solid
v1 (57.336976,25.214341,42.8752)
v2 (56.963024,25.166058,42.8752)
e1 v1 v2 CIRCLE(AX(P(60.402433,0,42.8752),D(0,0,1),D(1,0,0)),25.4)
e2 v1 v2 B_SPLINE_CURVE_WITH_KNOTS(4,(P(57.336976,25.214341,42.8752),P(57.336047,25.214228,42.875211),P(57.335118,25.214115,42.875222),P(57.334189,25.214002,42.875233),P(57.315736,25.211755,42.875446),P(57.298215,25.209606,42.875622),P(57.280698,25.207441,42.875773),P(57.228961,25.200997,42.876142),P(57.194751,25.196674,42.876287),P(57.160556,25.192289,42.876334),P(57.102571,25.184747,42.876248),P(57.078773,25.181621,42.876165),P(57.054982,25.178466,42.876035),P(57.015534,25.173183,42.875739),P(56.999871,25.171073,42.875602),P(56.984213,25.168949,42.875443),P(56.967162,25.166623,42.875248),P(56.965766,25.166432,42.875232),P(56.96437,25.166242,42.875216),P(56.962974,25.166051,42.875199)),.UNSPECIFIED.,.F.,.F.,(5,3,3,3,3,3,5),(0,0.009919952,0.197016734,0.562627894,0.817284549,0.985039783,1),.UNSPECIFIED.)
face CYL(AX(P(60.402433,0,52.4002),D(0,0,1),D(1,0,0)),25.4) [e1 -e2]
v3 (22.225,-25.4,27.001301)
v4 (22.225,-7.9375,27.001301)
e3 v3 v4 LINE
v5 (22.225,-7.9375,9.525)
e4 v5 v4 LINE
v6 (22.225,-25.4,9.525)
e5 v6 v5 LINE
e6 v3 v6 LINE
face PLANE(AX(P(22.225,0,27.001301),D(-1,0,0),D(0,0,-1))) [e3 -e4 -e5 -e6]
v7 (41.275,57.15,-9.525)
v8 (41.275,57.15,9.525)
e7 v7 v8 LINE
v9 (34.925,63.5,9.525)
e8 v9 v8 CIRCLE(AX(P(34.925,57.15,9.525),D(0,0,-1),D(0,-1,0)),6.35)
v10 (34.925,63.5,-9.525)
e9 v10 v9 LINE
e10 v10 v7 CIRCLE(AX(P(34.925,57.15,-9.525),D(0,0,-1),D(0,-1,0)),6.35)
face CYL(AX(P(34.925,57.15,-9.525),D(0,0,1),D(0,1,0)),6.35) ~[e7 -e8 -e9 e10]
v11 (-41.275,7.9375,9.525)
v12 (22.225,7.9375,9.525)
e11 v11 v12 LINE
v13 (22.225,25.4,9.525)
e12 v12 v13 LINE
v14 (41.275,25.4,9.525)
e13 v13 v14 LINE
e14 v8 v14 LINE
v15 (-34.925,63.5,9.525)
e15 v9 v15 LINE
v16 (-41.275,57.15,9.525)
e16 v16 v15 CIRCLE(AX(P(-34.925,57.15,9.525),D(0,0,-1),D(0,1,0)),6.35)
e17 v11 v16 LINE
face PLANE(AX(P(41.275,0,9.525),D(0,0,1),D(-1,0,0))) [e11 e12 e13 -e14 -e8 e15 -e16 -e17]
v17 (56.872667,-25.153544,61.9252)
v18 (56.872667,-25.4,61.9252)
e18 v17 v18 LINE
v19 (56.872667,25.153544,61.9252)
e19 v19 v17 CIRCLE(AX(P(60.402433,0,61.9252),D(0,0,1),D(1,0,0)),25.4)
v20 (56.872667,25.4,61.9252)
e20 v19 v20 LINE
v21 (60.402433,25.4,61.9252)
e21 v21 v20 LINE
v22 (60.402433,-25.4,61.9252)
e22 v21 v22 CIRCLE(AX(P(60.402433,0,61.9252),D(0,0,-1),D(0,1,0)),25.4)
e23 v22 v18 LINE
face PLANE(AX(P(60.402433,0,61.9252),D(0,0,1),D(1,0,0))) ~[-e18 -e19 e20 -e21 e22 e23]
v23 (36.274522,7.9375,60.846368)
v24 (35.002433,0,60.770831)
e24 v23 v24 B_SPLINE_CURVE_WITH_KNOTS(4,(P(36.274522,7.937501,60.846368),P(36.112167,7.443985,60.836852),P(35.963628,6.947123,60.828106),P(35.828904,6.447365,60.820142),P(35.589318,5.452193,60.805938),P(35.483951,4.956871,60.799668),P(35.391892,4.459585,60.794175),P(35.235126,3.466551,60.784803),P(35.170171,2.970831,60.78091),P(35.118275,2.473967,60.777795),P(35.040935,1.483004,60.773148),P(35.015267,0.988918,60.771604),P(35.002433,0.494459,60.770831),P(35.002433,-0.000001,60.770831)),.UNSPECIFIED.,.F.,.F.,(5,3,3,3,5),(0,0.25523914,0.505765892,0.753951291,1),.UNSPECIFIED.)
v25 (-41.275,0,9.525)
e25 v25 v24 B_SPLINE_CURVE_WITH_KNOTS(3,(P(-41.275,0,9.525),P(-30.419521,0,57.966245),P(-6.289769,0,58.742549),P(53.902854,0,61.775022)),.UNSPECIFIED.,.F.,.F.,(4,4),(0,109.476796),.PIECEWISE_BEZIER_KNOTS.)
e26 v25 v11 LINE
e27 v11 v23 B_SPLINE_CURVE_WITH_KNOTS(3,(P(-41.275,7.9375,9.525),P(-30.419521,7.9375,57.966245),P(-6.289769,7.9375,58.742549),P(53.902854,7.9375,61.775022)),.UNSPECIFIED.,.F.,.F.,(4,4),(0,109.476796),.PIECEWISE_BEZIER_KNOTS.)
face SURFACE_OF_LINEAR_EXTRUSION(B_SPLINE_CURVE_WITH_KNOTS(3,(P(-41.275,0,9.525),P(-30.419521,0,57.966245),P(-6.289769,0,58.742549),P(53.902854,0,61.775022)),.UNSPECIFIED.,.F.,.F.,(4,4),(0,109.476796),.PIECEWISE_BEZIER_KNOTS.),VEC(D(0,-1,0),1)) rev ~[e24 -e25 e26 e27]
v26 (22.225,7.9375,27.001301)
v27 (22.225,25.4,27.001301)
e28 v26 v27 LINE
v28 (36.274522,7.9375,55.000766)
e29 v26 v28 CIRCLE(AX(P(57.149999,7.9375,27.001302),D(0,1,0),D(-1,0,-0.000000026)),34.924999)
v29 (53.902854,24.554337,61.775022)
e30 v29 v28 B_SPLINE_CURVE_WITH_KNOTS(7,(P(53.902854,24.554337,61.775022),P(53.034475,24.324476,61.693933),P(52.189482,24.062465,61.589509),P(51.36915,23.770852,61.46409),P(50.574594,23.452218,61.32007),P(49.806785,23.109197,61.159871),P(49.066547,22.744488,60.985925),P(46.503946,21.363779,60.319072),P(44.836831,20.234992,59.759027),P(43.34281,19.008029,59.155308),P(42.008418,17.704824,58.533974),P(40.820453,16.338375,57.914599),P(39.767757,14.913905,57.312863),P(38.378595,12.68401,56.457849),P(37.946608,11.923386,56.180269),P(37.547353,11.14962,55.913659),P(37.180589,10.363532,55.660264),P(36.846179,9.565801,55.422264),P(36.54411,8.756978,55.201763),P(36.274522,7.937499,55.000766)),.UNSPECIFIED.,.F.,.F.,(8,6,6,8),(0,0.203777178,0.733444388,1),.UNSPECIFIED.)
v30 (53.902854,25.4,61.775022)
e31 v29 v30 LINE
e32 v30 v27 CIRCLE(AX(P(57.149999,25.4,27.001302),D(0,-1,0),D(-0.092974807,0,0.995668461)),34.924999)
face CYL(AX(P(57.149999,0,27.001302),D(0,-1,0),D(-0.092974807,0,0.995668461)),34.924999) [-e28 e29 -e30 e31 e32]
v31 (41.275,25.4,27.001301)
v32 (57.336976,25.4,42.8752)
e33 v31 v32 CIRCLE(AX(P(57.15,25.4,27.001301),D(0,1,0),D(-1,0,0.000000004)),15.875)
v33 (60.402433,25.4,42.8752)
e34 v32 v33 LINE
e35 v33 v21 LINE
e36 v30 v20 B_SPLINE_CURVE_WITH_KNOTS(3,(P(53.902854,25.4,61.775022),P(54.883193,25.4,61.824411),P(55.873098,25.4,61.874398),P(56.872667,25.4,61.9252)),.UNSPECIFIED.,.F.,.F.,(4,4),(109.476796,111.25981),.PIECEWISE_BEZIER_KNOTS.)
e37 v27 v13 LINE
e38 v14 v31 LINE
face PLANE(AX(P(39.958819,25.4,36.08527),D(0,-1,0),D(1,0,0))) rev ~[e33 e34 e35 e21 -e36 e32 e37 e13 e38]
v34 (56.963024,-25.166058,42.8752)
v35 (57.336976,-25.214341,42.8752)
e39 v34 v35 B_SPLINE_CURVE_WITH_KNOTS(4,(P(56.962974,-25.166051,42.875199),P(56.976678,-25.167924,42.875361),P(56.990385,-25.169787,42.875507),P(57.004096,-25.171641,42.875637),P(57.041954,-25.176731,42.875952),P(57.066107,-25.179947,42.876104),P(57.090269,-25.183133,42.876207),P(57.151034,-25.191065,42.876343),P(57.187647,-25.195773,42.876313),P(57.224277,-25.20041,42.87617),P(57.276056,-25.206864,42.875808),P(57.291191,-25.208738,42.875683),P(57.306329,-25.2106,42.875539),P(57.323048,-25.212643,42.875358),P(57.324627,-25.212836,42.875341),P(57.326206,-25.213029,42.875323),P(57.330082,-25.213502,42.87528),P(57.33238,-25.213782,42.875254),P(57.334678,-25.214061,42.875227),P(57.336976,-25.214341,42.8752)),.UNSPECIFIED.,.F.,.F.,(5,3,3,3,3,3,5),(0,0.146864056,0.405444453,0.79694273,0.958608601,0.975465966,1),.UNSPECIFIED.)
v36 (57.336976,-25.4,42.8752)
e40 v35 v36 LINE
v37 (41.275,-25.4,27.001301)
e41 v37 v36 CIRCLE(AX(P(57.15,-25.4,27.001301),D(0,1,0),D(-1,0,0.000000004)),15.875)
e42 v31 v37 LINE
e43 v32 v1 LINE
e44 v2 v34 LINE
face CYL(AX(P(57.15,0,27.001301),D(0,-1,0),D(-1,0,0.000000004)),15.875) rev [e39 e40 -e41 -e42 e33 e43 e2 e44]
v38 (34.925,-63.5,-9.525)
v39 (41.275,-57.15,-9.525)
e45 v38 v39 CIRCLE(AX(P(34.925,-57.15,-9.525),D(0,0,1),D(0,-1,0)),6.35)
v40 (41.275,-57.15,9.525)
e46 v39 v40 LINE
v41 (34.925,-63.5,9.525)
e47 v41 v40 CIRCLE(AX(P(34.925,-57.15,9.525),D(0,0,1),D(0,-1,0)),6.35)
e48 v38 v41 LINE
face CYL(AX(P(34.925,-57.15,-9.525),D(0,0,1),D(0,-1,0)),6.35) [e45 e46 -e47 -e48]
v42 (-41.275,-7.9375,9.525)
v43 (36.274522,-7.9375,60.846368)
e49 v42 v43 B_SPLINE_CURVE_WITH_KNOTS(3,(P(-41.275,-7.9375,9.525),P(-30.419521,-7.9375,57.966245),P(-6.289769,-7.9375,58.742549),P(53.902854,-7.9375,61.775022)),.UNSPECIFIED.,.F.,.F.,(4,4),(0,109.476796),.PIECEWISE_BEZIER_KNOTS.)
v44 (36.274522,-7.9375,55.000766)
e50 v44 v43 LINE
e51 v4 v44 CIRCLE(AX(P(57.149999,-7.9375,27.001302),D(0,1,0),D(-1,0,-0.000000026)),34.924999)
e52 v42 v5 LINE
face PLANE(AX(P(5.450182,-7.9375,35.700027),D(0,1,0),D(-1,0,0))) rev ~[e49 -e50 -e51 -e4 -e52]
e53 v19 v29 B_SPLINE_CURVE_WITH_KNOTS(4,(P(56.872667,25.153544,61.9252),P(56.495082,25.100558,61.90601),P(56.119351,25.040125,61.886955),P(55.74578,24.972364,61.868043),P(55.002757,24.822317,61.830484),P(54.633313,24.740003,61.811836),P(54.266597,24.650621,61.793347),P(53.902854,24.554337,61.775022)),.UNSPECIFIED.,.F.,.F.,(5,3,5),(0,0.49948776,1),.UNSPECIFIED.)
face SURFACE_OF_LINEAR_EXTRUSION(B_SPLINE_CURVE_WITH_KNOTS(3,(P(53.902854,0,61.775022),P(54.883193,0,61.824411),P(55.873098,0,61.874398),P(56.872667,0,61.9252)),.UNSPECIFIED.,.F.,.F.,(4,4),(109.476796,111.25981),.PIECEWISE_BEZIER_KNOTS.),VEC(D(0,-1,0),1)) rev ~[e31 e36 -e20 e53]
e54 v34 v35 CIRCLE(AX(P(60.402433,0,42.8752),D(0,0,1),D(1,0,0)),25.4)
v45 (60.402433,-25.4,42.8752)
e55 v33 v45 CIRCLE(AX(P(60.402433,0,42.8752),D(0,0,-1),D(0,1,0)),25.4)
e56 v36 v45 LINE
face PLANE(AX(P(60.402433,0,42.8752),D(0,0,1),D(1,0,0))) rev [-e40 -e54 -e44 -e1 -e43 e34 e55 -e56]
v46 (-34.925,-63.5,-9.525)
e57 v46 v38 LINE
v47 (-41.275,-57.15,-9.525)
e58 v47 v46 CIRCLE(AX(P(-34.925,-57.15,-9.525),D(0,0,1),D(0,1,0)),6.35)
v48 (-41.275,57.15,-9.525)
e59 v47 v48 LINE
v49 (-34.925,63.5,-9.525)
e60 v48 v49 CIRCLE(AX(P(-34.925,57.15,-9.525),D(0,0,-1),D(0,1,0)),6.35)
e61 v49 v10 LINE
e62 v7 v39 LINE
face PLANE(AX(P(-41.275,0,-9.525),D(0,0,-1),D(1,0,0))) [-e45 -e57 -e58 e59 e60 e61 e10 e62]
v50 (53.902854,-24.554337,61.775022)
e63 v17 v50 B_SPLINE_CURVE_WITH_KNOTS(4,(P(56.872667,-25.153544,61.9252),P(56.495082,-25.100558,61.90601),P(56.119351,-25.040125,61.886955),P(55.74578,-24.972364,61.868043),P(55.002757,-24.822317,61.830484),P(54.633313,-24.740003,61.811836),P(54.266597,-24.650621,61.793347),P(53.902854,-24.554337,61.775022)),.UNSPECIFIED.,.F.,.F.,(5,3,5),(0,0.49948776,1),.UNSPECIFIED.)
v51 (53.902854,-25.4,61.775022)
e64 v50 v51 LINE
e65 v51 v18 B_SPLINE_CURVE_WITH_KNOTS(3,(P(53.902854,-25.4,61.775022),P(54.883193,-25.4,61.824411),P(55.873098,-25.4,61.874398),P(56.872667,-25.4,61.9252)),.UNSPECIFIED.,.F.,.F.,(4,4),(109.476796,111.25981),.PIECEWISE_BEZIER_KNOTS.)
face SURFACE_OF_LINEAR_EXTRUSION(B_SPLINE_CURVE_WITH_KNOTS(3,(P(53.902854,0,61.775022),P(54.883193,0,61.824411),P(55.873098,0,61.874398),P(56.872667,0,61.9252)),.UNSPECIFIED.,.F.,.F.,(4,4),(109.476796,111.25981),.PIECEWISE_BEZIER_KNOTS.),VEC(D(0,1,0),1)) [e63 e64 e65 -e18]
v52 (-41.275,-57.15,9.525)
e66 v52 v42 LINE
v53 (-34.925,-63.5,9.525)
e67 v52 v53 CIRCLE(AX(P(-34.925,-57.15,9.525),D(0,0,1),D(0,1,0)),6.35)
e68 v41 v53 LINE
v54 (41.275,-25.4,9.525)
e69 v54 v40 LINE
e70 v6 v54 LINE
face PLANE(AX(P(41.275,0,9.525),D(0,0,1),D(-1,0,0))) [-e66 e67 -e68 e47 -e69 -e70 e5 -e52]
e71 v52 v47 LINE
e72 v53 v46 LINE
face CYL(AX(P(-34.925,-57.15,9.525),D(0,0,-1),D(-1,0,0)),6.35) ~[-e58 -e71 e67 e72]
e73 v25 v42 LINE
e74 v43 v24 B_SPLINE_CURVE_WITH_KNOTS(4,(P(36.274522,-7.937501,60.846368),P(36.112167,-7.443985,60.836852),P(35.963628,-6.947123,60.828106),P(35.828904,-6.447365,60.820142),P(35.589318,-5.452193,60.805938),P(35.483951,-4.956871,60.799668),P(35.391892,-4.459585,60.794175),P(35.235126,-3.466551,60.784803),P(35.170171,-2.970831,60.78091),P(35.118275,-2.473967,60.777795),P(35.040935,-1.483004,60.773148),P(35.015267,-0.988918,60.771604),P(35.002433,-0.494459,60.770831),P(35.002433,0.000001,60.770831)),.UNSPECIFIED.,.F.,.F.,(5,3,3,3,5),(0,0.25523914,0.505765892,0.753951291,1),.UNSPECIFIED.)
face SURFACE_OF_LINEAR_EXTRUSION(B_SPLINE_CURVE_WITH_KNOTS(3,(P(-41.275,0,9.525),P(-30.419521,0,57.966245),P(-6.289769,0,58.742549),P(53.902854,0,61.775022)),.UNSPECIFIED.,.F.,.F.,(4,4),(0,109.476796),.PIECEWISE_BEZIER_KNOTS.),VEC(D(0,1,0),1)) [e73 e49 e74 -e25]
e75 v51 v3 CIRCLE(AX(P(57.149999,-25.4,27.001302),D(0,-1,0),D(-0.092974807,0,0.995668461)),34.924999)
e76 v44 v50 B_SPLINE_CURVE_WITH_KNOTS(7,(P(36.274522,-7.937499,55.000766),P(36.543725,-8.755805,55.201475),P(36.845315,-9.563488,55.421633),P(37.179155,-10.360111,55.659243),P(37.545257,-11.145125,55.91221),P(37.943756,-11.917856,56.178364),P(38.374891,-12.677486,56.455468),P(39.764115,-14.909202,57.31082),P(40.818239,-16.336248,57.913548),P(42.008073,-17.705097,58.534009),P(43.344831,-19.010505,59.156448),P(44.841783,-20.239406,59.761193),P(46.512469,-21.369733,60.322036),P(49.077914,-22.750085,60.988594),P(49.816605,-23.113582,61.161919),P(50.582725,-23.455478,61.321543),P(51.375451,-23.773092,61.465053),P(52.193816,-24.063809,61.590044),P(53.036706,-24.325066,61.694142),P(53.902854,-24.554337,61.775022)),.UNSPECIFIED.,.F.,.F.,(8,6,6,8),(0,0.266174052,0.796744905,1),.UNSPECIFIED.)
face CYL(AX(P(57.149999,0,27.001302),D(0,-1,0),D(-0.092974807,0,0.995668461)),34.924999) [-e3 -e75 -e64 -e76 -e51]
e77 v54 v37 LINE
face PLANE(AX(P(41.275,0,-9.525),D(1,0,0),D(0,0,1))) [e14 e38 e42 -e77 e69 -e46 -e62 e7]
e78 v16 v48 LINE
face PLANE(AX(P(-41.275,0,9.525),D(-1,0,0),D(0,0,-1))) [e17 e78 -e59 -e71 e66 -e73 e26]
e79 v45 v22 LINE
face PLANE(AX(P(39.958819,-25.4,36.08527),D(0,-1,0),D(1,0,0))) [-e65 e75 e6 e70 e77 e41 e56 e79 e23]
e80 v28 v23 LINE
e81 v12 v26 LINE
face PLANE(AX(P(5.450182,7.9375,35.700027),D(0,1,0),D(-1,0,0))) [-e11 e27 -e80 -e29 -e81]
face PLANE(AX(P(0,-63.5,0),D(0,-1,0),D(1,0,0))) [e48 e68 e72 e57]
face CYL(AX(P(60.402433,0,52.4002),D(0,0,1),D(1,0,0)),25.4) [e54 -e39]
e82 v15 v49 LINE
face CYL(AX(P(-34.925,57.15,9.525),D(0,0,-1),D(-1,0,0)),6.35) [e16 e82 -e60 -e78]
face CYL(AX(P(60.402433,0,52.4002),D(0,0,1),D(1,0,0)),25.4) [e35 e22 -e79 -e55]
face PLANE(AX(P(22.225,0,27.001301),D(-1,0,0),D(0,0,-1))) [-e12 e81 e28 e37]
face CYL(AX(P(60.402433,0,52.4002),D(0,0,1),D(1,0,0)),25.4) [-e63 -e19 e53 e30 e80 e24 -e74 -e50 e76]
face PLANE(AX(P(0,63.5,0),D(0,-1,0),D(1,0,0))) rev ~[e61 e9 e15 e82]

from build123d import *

# Parameters (mm, degrees)
F1_DEPTH = 25.4
F2_DEPTH = 63.5
F3_DEPTH = 7.9375
F0_W     = 25.4
F0_H     = 19.05
F5_R     = 6.35


with BuildPart() as f1:
    # F0 (on Front) → F1 (new body, symmetric)
    with BuildSketch(Plane.XZ):
        with BuildLine():
            Line((22.225, 9.525), (41.275, 9.525))
            Line((41.275, 9.525), (41.275, 27.001301))
            ThreePointArc((41.275, 27.001301), (45.990982, 38.292534), (57.336976, 42.8752))
            Line((57.336976, 42.8752), (60.402433, 42.8752))
            Line((60.402433, 42.8752), (60.402433, 61.9252))
            Line((60.402433, 61.9252), (56.872667, 61.9252))
            add(Edge.make_bspline(
                [(53.902854, 61.775022), (54.883193, 61.824411), (55.873098, 61.874398), (56.872667, 61.9252)],
                knots=[109.476796, 109.476796, 109.476796, 109.476796, 111.25981, 111.25981, 111.25981, 111.25981], degree=3))
            ThreePointArc((53.902854, 61.775022), (31.331768, 50.520964), (22.225, 27.001301))
            Line((22.225, 27.001301), (22.225, 9.525))
        make_face()
    extrude(amount=F1_DEPTH, both=True)

    # F0 (on Front) → F2 (join, symmetric)
    with BuildSketch(Plane.XZ):
        Polygon((-41.275, -9.525), (41.275, -9.525), (41.275, 9.525), (22.225, 9.525), (-41.275, 9.525), align=None)
    extrude(amount=F2_DEPTH, both=True)

    # F0 (on Front) → F3 (join, symmetric)
    with BuildSketch(Plane.XZ):
        with BuildLine():
            add(Edge.make_bspline(
                [(-41.275, 9.525), (-30.419521, 57.966245), (-6.289769, 58.742549), (53.902854, 61.775022)],
                knots=[0, 0, 0, 0, 109.476796, 109.476796, 109.476796, 109.476796], degree=3))
            Line((-41.275, 9.525), (22.225, 9.525))
            Line((22.225, 9.525), (22.225, 27.001301))
            ThreePointArc((22.225, 27.001301), (31.331768, 50.520964), (53.902854, 61.775022))
        make_face()
    extrude(amount=F3_DEPTH, both=True)

    # F0 (on Front) → F4 (revolve)
    with BuildSketch(Plane.XZ):
        with Locations((73.102433, 52.4002)):
            Rectangle(F0_W, F0_H)
    revolve(axis=Axis((60.402433, 0, 52.3875), (0, 0, 1)))

    # F5
    f5_edges = [f1.edges().sort_by_distance(p)[0] for p in [
        (41.275, -63.5, 0),
        (-41.275, -63.5, 0),
        (41.275, 63.5, 0),
        (-41.275, 63.5, 0),
    ]]
    fillet(f5_edges, radius=F5_R)


solid = f1.part
